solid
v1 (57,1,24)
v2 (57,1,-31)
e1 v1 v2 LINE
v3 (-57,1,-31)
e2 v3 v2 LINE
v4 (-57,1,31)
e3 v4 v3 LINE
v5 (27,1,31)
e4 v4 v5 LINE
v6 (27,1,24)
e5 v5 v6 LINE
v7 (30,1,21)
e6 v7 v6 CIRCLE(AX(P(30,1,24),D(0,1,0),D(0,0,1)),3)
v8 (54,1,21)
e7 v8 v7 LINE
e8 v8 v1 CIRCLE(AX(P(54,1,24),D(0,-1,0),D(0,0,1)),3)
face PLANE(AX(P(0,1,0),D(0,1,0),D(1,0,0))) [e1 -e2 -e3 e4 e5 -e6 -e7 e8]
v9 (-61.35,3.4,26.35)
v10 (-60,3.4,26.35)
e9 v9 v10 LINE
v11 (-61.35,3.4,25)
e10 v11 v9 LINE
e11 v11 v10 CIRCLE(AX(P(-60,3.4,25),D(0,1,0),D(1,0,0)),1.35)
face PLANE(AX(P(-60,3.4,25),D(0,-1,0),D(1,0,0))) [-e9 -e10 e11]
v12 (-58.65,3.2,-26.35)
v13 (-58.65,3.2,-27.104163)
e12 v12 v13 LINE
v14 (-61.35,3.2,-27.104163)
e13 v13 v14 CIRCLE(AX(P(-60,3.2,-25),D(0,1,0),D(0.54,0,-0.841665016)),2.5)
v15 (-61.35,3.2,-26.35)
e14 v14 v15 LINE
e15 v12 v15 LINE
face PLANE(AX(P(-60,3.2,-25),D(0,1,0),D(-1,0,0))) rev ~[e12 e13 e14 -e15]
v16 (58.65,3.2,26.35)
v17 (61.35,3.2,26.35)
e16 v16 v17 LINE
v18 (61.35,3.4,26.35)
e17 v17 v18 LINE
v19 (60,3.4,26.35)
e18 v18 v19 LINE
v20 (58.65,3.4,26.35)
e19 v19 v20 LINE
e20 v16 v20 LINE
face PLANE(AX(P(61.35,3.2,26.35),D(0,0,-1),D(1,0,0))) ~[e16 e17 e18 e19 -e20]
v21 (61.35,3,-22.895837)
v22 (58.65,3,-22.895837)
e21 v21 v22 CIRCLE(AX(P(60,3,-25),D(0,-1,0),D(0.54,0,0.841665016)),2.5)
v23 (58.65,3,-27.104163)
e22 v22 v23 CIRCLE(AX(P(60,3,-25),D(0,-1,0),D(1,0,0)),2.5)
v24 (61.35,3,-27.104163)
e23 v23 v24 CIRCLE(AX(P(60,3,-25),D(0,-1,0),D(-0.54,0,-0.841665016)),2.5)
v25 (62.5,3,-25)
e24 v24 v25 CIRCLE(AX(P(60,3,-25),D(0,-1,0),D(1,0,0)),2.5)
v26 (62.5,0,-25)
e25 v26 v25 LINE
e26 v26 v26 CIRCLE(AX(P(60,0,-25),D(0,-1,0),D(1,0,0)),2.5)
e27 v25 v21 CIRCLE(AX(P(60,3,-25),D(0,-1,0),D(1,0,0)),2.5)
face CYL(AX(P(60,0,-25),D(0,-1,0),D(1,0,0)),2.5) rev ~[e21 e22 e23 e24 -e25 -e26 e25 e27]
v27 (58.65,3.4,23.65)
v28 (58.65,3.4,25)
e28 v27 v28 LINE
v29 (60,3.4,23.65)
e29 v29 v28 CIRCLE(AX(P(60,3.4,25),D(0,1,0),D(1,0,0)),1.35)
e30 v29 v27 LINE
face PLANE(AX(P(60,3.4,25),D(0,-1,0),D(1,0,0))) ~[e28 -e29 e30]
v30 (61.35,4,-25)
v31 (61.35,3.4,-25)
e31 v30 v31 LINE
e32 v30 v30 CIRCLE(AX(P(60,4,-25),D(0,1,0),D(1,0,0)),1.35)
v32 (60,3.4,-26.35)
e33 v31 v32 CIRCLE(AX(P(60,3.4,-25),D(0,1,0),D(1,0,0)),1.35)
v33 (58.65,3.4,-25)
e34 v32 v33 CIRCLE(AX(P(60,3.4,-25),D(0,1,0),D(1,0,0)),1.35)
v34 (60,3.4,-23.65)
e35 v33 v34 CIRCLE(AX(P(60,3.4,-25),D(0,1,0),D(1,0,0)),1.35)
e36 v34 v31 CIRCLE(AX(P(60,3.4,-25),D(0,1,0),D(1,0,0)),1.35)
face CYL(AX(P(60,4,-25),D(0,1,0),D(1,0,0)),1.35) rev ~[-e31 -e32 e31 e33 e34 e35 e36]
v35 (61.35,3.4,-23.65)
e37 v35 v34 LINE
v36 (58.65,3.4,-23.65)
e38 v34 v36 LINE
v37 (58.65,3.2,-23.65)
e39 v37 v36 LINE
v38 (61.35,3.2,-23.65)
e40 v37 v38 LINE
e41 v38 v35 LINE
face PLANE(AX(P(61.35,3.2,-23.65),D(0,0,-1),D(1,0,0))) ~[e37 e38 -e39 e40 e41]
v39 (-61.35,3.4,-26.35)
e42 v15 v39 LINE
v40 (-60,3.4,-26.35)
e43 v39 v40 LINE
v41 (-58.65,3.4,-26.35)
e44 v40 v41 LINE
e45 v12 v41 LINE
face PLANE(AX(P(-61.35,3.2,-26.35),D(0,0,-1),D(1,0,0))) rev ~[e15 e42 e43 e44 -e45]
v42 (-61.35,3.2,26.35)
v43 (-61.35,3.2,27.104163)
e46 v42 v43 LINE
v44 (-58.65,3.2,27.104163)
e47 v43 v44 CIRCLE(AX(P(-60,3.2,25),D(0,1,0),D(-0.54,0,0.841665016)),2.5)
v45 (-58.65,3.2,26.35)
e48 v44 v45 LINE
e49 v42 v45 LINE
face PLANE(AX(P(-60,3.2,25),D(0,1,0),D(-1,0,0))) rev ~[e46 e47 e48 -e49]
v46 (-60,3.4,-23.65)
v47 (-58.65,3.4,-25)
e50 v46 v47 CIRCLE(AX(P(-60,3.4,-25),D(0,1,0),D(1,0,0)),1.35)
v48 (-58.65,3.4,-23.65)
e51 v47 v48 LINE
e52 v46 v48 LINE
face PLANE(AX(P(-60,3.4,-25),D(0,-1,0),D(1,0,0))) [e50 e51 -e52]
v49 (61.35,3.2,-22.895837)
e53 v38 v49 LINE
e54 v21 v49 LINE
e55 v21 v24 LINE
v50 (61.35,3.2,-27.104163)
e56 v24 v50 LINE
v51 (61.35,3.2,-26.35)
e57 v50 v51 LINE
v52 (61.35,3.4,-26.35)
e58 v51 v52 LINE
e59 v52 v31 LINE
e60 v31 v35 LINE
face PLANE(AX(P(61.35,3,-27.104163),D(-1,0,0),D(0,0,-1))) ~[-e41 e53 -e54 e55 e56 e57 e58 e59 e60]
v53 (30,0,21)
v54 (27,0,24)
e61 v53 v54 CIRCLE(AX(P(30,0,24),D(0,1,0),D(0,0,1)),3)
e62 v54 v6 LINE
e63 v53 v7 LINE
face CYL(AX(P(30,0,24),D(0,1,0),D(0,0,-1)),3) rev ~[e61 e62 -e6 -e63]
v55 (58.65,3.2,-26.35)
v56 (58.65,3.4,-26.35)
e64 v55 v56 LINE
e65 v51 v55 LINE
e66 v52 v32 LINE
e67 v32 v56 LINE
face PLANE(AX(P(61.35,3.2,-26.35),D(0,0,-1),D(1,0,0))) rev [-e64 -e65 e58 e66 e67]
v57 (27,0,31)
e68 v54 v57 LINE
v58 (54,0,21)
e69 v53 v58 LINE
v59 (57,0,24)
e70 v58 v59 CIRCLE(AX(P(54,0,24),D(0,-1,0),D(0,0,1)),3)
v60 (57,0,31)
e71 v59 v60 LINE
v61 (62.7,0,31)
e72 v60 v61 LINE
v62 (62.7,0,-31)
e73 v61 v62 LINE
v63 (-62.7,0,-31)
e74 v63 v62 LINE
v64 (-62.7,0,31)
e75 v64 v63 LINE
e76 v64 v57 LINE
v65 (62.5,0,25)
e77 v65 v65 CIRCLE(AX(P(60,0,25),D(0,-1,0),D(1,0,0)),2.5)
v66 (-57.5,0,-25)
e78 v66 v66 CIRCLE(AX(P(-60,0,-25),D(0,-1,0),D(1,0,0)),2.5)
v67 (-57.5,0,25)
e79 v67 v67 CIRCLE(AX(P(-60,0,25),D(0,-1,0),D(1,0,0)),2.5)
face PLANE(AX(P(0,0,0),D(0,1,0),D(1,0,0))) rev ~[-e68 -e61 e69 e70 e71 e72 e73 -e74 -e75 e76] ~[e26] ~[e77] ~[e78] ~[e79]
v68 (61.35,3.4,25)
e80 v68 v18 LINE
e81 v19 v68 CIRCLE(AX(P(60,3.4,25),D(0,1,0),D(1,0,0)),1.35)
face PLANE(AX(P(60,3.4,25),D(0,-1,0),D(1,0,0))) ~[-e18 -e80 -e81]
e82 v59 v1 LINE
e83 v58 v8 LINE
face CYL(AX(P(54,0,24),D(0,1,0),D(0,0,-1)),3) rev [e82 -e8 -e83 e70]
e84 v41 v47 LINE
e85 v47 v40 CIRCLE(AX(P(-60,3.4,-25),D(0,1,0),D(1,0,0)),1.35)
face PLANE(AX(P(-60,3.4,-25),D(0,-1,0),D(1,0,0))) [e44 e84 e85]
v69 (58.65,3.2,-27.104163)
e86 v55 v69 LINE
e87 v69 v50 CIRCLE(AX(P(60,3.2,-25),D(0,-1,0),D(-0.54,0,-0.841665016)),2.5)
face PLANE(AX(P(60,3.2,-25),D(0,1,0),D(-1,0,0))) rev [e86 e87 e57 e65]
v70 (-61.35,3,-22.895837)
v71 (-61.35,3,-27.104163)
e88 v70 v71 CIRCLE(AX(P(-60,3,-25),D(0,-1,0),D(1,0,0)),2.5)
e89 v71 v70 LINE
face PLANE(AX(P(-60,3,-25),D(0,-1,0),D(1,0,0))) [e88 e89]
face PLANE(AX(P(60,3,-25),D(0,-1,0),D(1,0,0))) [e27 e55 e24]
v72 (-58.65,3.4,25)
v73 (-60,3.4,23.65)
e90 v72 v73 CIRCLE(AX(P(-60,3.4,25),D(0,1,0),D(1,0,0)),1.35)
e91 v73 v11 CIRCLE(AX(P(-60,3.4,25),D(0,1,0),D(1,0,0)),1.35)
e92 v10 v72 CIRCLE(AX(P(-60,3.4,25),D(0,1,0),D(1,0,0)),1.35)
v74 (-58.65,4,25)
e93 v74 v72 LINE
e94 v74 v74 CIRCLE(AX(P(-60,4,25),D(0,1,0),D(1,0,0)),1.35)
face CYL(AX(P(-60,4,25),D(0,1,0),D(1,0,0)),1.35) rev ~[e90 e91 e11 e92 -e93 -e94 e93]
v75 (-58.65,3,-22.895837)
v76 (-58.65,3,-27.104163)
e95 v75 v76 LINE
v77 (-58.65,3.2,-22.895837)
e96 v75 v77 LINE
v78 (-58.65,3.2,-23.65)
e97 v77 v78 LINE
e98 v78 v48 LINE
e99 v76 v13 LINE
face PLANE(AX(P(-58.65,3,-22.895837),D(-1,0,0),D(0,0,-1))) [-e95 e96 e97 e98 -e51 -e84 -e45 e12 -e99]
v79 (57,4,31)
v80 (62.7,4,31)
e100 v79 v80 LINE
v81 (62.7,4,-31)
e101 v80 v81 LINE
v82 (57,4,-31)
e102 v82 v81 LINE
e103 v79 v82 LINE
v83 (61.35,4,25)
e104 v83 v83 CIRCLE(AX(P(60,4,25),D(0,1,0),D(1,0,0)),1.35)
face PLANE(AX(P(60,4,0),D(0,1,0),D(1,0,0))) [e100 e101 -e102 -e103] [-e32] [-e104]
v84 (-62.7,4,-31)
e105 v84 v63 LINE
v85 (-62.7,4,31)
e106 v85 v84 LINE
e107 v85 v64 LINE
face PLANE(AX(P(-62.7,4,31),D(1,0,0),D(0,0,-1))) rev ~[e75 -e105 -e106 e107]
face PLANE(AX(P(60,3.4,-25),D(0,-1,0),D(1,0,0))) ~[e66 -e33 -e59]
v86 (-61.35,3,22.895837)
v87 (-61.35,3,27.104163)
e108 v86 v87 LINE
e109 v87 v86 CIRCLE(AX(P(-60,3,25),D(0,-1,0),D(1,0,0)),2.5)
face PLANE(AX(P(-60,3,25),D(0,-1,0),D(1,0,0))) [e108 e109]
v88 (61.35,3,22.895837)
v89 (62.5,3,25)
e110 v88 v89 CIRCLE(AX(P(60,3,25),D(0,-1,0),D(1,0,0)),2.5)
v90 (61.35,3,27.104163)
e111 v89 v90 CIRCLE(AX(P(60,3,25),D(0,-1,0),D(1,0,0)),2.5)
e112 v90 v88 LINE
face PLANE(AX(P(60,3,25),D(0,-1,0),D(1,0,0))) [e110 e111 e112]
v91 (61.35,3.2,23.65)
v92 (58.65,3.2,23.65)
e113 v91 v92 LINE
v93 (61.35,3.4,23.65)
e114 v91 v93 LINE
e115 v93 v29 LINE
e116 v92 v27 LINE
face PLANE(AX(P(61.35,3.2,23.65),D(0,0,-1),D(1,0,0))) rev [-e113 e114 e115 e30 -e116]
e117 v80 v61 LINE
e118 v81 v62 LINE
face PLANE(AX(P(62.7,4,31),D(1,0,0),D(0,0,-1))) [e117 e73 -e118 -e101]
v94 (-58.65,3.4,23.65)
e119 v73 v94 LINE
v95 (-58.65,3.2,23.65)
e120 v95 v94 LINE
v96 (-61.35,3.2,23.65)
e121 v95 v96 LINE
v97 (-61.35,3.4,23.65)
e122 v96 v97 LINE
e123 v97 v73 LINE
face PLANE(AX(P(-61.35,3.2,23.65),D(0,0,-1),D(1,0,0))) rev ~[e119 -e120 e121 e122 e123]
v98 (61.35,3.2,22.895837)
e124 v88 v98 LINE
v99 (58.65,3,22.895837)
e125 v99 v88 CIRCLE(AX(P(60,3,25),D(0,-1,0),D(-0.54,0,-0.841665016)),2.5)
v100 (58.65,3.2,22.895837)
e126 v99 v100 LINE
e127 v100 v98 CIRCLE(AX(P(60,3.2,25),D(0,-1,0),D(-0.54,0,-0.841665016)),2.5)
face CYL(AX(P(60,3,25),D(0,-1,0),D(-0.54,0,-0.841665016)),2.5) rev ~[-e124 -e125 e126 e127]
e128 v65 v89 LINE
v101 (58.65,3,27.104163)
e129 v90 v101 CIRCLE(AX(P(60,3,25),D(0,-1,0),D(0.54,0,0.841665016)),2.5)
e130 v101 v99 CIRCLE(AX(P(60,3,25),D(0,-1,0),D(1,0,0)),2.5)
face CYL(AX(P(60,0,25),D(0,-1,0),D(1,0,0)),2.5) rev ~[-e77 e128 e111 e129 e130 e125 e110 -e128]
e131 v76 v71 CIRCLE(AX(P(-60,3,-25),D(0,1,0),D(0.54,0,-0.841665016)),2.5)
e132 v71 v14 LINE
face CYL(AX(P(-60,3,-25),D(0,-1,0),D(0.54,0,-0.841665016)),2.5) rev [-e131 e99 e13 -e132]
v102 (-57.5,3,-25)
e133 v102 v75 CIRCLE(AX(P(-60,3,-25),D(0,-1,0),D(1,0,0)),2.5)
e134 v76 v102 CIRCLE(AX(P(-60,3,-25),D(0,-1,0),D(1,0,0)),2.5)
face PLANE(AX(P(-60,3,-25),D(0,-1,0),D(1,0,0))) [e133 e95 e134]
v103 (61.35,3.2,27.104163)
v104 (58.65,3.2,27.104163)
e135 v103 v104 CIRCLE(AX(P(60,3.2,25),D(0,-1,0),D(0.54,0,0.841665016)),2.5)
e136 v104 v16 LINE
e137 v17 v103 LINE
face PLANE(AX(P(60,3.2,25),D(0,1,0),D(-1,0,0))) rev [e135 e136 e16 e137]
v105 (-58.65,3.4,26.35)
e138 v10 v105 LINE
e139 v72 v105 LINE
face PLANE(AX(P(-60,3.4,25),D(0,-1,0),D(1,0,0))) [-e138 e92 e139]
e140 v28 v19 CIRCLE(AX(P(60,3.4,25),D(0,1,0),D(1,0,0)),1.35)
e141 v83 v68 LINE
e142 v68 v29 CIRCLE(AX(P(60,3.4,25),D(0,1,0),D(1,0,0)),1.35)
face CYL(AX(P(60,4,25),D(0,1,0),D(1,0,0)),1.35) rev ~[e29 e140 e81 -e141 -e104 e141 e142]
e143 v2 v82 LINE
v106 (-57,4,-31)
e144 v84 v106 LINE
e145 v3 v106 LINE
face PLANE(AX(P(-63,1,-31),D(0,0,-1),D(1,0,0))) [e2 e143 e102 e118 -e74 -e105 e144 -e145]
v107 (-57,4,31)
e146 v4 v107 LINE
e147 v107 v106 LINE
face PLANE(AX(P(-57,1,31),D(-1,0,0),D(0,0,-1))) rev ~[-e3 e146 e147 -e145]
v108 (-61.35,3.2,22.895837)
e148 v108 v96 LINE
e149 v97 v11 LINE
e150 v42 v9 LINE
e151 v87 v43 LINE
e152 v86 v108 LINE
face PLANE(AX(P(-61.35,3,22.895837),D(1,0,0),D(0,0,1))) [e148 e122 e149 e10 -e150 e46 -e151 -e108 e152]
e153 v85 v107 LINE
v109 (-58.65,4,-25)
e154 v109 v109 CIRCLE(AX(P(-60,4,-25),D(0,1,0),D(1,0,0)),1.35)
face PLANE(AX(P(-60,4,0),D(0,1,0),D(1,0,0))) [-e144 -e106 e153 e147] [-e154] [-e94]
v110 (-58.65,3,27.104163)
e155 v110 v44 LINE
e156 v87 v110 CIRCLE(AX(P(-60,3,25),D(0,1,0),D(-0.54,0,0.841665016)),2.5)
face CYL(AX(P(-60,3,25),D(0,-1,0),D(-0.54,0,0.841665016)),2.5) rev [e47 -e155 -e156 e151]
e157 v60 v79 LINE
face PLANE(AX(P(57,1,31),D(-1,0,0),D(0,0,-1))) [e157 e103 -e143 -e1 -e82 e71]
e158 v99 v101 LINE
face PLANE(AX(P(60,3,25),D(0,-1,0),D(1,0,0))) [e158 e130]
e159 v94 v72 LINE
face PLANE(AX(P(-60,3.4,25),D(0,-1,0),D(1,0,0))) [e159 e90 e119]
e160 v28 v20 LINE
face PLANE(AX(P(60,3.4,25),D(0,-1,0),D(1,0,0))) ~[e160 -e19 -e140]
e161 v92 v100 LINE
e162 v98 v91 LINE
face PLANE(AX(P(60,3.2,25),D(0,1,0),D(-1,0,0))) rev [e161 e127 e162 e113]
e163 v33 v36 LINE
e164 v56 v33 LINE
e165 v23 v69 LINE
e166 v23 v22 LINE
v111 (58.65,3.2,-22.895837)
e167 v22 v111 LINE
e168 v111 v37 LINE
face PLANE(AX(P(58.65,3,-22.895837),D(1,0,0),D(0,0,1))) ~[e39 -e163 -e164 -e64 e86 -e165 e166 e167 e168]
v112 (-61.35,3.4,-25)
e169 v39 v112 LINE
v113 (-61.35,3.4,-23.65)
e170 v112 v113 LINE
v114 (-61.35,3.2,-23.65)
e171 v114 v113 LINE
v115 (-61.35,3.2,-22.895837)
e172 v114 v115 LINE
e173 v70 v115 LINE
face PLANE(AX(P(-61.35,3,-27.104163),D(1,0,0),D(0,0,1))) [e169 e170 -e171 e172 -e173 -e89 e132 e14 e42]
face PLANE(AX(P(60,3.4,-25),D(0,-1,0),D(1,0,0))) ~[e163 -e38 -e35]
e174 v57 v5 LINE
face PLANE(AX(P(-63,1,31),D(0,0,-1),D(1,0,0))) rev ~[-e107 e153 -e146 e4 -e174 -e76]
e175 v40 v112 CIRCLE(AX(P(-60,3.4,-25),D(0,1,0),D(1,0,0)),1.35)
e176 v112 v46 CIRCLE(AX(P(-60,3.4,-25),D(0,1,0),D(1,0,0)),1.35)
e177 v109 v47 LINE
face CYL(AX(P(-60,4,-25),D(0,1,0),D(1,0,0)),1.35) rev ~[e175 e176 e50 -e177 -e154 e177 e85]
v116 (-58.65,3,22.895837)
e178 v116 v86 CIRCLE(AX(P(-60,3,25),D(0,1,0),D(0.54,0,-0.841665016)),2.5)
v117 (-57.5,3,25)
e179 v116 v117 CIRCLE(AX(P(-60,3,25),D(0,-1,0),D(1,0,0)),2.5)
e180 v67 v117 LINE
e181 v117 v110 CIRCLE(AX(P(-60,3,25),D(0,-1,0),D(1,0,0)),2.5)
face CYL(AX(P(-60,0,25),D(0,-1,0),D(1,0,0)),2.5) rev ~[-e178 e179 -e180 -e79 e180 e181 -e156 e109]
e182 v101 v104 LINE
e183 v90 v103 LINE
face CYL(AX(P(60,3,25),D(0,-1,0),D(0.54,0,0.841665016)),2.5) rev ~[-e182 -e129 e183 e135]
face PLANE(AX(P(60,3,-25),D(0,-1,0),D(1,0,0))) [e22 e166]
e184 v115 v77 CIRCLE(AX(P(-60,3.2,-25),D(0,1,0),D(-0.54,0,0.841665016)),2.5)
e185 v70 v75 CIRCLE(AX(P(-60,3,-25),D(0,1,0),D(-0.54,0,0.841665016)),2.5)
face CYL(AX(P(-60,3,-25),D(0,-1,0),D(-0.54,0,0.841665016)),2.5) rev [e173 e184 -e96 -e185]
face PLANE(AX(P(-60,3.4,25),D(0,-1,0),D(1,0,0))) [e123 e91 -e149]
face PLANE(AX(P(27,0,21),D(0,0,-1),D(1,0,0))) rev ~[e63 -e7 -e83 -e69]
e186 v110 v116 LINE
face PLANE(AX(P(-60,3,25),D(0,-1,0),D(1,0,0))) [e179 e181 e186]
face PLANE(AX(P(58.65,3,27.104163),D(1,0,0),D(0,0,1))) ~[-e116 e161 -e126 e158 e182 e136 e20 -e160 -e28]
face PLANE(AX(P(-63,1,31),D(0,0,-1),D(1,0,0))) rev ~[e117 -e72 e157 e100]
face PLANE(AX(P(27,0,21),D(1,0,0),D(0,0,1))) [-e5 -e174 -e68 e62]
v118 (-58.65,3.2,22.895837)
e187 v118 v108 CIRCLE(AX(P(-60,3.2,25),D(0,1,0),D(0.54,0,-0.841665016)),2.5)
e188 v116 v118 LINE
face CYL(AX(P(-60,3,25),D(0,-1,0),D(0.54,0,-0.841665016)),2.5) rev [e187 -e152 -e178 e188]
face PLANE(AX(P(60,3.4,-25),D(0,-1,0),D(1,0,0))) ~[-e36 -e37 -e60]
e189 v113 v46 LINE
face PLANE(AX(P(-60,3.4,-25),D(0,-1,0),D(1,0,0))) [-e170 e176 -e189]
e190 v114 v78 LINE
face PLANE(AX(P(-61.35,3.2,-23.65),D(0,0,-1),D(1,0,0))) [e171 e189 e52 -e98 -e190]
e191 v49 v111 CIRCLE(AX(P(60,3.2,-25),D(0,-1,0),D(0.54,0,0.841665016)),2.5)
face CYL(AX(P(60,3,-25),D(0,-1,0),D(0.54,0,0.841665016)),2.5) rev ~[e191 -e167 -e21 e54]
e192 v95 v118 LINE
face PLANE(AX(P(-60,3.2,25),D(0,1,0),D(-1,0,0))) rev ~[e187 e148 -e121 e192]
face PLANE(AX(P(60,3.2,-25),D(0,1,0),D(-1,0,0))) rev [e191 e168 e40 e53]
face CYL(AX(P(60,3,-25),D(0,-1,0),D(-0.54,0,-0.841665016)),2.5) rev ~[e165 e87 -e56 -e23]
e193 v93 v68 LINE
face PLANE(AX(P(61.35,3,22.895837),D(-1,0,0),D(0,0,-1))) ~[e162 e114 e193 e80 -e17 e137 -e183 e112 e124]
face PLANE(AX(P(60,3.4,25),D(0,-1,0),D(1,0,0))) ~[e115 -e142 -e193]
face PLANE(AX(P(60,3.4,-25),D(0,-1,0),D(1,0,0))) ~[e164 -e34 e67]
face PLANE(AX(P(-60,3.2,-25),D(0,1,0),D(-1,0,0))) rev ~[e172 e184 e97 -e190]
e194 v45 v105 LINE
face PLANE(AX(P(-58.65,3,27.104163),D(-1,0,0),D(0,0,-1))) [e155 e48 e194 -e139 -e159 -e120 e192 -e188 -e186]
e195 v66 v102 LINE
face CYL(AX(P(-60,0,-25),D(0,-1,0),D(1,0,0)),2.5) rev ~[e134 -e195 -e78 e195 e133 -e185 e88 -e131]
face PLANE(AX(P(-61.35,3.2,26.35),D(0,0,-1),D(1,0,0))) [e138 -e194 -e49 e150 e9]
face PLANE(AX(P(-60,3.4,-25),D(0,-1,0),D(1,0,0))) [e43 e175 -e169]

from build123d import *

# Parameters (mm, degrees)
SKETCH1_W           = 126
SKETCH1_H           = 62
BOSS_EXTRUDE1_DEPTH = 1
SKETCH2_W           = 6
SKETCH2_H           = 62
BOSS_EXTRUDE2_DEPTH = 3
SKETCH3_R           = 1.35
CUT_EXTRUDE1_DEPTH  = 5
SKETCH4_R           = 2.5
CUT_EXTRUDE2_DEPTH  = 3
SKETCH5_W           = 30
SKETCH5_H           = 10
CUT_EXTRUDE3_DEPTH  = 5
FILLET1_R           = 3
CUT_EXTRUDE4_DEPTH  = 0.2
SKETCH7_W           = 2.7
SKETCH7_H           = 2.7
CUT_EXTRUDE5_DEPTH  = 0.2
SKETCH8_W           = 0.3
SKETCH8_H           = 62
CUT_EXTRUDE6_DEPTH  = 5


with BuildPart() as part:
    # Sketch1 → Boss-Extrude1 (new body)
    with BuildSketch(Plane(origin=(0, 0, 0), x_dir=(1, 0, 0), z_dir=(0, 1, 0))):
        Rectangle(SKETCH1_W, SKETCH1_H)
    extrude(amount=BOSS_EXTRUDE1_DEPTH)

    # Sketch2 → Boss-Extrude2 (add)
    with BuildSketch(Plane(origin=(0, 1, 0), x_dir=(1, 0, 0), z_dir=(0, 1, 0))):
        with Locations((-60, 0)):
            Rectangle(SKETCH2_W, SKETCH2_H)
        with Locations((60, 0)):
            Rectangle(SKETCH2_W, SKETCH2_H)
    extrude(amount=BOSS_EXTRUDE2_DEPTH)

    # Sketch3 → Cut-Extrude1 (cut, through all)
    with BuildSketch(Plane(origin=(0, 4, 0), x_dir=(1, 0, 0), z_dir=(0, 1, 0))):
        with Locations((-60, 25)):
            Circle(SKETCH3_R)
        with Locations((-60, -25)):
            Circle(SKETCH3_R)
        with Locations((60, -25)):
            Circle(SKETCH3_R)
        with Locations((60, 25)):
            Circle(SKETCH3_R)
    extrude(amount=-CUT_EXTRUDE1_DEPTH, mode=Mode.SUBTRACT)

    # Sketch4 → Cut-Extrude2 (cut)
    with BuildSketch(Plane.XZ):
        with Locations((60, -25)):
            Circle(SKETCH4_R)
        with Locations((60, 25)):
            Circle(SKETCH4_R)
        with Locations((-60, 25)):
            Circle(SKETCH4_R)
        with Locations((-60, -25)):
            Circle(SKETCH4_R)
    extrude(amount=-CUT_EXTRUDE2_DEPTH, mode=Mode.SUBTRACT)

    # Sketch5 → Cut-Extrude3 (cut, through all)
    with BuildSketch(Plane.XZ):
        with Locations((42, 26)):
            Rectangle(SKETCH5_W, SKETCH5_H)
    extrude(amount=-CUT_EXTRUDE3_DEPTH, mode=Mode.SUBTRACT)

    # Fillet1
    fillet1_edges = [part.edges().sort_by_distance(p)[0] for p in [
        (27, 0.5, 21),
        (57, 0.5, 21),
    ]]
    fillet(fillet1_edges, radius=FILLET1_R)

    # Sketch6 → Cut-Extrude4 (cut)
    with BuildSketch(Plane.XZ.offset(-3)):
        with BuildLine():
            Line((-61.35, 22.895837459), (-61.35, 27.104162541))
            ThreePointArc((-61.35, 27.104162541), (-60, 27.5), (-58.65, 27.104162541))
            Line((-58.65, 27.104162541), (-58.65, 22.895837459))
            ThreePointArc((-58.65, 22.895837459), (-60, 22.5), (-61.35, 22.895837459))
        make_face()
        with BuildLine():
            Line((-61.35, -27.104162541), (-61.35, -22.895837459))
            ThreePointArc((-61.35, -22.895837459), (-60, -22.5), (-58.65, -22.895837459))
            Line((-58.65, -22.895837459), (-58.65, -27.104162541))
            ThreePointArc((-58.65, -27.104162541), (-60, -27.5), (-61.35, -27.104162541))
        make_face()
    cut_extrude4 = extrude(amount=-CUT_EXTRUDE4_DEPTH, mode=Mode.SUBTRACT)

    # Sketch7 → Cut-Extrude5 (cut)
    with BuildSketch(Plane.XZ.offset(-3.2)):
        with Locations((-60, -25)):
            Rectangle(SKETCH7_W, SKETCH7_H)
        with Locations((-60, 25)):
            Rectangle(SKETCH7_W, SKETCH7_H)
    cut_extrude5 = extrude(amount=-CUT_EXTRUDE5_DEPTH, mode=Mode.SUBTRACT)

    # Mirror1: Cut-Extrude4, Cut-Extrude5 across plane
    add(cut_extrude4.mirror(Plane(origin=(0, 0, 0), x_dir=(0, 0, 1), z_dir=(1, 0, 0))), mode=Mode.SUBTRACT)
    add(cut_extrude5.mirror(Plane(origin=(0, 0, 0), x_dir=(0, 0, 1), z_dir=(1, 0, 0))), mode=Mode.SUBTRACT)

    # Sketch8 → Cut-Extrude6 (cut, through all)
    with BuildSketch(Plane(origin=(0, 4, 0), x_dir=(1, 0, 0), z_dir=(0, 1, 0))):
        with Locations((-62.85, 0)):
            Rectangle(SKETCH8_W, SKETCH8_H)
        with Locations((62.85, 0)):
            Rectangle(SKETCH8_W, SKETCH8_H)
    extrude(amount=-CUT_EXTRUDE6_DEPTH, mode=Mode.SUBTRACT)


solid = part.part
